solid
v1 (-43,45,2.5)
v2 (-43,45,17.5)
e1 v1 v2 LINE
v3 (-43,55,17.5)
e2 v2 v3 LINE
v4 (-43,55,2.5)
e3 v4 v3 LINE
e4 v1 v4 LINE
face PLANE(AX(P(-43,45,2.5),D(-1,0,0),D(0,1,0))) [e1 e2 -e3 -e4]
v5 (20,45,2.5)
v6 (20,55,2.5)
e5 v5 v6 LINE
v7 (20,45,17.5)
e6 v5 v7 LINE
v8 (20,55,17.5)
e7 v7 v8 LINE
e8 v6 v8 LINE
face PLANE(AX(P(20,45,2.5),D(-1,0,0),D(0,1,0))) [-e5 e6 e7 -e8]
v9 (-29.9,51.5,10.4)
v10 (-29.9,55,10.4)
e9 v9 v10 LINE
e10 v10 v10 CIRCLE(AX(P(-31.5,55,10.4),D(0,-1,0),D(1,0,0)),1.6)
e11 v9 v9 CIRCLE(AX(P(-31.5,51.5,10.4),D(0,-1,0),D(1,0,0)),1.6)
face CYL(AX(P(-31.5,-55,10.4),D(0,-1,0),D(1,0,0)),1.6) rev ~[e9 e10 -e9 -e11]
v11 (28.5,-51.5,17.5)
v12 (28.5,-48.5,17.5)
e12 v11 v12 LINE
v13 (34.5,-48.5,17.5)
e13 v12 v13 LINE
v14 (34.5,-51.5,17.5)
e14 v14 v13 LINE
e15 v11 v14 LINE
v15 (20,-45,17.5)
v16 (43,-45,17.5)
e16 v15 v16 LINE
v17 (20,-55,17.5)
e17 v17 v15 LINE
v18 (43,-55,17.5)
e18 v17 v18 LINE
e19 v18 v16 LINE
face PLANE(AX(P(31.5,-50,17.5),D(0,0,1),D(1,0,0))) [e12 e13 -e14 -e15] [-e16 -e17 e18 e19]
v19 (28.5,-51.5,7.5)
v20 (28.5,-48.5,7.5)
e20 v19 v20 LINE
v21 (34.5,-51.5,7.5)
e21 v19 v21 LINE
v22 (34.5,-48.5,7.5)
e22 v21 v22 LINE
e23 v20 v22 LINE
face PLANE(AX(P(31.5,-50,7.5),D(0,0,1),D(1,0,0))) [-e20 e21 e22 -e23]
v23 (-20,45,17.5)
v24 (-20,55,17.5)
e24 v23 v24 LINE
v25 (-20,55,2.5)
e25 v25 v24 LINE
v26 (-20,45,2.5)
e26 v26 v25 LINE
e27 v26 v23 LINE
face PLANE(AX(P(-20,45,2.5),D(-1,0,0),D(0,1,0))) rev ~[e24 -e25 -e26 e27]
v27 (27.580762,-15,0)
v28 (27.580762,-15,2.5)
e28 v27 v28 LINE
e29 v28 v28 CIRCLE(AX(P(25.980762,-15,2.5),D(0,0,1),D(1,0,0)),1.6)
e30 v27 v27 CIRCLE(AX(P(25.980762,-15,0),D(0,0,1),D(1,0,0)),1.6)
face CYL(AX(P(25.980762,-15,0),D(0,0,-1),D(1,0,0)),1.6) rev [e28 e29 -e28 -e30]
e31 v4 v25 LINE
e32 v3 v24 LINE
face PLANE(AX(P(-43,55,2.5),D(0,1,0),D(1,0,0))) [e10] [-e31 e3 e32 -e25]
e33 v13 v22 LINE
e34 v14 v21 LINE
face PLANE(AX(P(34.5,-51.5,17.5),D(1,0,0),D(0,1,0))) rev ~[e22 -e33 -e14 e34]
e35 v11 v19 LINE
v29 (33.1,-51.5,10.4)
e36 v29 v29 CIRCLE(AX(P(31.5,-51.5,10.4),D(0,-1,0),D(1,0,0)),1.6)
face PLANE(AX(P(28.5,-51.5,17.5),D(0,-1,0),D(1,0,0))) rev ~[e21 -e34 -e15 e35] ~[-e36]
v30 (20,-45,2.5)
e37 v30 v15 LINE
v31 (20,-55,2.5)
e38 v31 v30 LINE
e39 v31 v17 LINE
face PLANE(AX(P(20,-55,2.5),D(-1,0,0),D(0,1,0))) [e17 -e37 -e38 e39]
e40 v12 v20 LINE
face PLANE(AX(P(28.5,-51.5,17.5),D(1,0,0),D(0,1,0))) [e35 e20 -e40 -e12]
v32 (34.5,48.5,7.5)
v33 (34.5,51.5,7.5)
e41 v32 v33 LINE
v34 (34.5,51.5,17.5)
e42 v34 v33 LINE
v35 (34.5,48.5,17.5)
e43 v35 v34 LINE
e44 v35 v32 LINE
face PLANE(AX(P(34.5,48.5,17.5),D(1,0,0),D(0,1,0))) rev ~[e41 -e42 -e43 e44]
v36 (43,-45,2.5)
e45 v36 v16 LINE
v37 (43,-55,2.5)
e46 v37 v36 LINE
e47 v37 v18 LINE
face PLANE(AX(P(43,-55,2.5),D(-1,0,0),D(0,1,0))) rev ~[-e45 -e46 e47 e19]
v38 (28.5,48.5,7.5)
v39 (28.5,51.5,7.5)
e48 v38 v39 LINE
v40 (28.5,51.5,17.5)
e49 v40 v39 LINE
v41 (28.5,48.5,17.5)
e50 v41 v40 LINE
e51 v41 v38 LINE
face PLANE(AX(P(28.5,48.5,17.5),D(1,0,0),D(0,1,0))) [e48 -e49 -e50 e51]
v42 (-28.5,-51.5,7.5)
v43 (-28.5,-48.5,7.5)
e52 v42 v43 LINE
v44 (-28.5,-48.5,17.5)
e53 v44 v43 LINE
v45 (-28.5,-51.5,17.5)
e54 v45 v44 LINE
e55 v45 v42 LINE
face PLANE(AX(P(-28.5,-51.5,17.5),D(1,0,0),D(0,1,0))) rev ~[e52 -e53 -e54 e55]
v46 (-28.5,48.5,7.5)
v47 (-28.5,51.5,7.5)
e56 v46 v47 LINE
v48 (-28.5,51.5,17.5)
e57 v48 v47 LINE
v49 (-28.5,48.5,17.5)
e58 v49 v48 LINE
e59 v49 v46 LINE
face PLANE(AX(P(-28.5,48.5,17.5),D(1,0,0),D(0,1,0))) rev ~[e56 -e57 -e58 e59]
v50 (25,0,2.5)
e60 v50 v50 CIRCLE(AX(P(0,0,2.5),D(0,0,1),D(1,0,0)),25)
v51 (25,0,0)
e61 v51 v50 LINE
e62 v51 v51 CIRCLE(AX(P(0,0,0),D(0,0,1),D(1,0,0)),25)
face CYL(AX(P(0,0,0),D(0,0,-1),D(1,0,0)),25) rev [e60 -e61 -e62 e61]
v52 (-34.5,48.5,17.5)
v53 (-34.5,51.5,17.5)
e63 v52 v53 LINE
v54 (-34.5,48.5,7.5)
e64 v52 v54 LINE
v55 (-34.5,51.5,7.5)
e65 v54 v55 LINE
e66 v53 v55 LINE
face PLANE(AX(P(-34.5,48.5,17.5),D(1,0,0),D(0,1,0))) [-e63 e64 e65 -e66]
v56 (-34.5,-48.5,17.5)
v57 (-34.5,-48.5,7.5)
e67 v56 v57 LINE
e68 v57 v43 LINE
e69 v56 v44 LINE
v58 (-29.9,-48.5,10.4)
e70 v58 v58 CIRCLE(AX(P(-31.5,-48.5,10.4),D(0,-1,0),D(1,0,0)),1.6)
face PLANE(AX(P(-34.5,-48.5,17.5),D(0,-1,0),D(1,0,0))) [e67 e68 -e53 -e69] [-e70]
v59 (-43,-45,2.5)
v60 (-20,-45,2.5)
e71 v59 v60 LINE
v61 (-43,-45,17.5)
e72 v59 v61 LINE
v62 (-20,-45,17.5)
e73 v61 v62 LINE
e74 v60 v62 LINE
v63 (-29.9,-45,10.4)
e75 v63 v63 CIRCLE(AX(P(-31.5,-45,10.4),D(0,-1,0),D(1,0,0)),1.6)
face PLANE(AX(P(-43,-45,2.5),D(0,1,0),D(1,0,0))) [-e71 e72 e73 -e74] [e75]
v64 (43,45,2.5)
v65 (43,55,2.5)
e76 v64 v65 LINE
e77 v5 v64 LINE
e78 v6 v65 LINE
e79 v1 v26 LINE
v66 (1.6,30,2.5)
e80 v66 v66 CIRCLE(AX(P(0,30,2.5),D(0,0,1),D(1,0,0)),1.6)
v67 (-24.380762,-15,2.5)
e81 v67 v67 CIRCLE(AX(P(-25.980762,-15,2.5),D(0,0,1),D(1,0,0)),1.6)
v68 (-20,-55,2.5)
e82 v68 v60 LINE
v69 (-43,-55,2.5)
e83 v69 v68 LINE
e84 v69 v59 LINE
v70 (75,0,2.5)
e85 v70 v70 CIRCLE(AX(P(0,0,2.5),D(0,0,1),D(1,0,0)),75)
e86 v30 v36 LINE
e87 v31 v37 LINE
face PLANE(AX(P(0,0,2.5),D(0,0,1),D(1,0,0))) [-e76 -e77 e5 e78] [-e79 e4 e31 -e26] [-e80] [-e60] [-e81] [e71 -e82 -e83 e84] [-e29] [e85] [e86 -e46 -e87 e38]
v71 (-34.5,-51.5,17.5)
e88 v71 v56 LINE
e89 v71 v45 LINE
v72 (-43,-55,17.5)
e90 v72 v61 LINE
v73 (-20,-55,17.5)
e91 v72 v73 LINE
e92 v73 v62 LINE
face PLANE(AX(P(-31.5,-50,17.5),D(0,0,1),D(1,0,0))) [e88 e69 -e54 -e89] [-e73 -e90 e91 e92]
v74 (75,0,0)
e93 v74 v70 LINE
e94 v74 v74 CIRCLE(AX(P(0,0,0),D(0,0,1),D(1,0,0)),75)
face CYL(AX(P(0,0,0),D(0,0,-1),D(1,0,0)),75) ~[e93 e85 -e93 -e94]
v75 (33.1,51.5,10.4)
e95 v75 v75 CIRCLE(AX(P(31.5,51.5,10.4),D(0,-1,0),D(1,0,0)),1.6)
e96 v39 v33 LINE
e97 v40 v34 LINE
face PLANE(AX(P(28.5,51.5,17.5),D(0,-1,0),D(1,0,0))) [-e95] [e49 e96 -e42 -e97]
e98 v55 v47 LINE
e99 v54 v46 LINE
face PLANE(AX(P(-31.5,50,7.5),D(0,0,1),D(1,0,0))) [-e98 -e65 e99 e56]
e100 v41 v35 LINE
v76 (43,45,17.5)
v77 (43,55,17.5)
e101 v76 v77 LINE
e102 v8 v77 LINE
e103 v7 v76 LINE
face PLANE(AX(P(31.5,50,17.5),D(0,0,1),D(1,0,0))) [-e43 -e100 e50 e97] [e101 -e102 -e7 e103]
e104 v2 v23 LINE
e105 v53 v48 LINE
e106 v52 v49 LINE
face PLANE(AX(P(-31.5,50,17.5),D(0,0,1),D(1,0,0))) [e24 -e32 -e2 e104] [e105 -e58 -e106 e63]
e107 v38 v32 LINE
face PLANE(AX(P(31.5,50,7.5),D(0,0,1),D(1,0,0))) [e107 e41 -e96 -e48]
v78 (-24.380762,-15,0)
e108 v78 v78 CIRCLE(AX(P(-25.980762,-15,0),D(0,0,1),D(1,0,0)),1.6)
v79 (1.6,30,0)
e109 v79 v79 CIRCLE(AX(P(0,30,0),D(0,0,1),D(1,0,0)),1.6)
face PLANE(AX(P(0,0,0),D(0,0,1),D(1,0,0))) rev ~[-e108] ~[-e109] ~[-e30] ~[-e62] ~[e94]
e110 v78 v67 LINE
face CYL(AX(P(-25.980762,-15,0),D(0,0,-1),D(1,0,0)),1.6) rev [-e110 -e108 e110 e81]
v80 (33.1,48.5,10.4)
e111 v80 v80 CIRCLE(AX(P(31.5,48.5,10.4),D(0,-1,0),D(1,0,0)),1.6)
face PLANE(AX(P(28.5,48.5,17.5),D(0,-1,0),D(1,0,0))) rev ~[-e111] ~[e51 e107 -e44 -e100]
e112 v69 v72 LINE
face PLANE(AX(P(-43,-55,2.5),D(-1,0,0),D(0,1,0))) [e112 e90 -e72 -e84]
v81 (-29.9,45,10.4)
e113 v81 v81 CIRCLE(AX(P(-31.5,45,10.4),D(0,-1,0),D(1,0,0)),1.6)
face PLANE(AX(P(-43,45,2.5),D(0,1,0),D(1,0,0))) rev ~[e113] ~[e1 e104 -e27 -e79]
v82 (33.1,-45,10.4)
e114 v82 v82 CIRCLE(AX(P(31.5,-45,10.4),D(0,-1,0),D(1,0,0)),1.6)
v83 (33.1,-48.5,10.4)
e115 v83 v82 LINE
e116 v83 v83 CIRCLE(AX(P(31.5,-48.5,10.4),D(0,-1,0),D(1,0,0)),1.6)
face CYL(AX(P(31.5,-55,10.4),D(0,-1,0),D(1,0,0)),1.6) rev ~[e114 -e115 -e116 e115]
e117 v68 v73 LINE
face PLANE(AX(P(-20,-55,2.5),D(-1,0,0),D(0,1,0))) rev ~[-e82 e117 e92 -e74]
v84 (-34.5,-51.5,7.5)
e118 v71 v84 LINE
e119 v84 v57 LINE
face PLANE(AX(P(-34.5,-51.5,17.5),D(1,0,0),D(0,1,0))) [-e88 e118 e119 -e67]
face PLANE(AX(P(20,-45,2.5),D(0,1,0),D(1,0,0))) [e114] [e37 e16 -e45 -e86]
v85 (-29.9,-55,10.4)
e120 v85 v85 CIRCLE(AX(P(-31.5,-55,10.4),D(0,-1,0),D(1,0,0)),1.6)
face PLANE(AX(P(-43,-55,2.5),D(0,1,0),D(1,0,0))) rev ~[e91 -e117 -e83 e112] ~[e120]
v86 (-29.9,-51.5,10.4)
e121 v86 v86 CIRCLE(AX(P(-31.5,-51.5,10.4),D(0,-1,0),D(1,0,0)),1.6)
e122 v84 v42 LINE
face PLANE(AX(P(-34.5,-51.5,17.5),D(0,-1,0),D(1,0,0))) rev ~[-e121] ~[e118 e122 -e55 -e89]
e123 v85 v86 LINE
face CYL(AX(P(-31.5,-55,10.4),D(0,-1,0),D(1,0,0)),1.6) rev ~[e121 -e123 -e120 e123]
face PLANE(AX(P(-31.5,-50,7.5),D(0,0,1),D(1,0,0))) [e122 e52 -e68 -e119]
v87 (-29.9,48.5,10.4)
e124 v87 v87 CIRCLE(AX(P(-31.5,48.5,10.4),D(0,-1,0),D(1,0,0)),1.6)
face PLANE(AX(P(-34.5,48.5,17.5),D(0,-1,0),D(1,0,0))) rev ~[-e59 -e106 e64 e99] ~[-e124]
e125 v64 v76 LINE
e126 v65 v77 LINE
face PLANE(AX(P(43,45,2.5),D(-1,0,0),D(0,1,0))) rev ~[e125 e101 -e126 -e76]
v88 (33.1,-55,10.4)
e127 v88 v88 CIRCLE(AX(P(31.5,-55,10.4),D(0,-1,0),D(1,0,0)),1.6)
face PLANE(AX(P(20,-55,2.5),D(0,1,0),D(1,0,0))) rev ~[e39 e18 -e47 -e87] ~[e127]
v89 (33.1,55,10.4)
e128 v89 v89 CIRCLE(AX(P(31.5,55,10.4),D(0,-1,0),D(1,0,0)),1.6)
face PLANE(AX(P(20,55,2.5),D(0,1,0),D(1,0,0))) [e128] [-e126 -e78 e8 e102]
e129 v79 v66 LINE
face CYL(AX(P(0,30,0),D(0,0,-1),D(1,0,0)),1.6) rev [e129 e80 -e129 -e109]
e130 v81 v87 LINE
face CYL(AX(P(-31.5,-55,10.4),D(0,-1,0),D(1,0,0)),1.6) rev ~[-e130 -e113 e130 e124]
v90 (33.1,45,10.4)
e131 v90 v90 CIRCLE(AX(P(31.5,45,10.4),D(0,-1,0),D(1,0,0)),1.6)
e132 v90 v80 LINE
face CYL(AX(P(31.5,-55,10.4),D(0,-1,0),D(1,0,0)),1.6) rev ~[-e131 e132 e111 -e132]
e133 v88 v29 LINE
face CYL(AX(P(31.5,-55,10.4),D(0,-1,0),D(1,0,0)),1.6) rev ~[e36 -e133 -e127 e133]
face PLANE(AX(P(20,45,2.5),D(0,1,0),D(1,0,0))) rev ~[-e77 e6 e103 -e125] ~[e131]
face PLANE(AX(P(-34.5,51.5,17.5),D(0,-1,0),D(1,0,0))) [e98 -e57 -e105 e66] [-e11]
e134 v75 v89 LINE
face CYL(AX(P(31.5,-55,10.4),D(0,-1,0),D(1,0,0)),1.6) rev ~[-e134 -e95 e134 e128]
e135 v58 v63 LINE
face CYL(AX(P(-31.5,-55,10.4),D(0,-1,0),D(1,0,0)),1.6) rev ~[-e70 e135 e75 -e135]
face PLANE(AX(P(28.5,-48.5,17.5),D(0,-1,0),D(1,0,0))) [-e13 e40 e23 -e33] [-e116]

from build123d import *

# Parameters (mm, degrees)
SKETCH_R        = 75
SKETCH_R_2      = 25
SKETCH_R_3      = 1.6
PAD_DEPTH       = 2.5
SKETCH001_W     = 23
SKETCH001_H     = 10
PAD001_DEPTH    = 15
SKETCH002_R     = 1.6
POCKET_DEPTH    = 130.001
SKETCH003_W     = 6
SKETCH003_H     = 3
POCKET001_DEPTH = 10


with BuildPart() as part:
    # Sketch → Pad (new body)
    with BuildSketch(Plane.XY):
        Circle(SKETCH_R)
        Circle(SKETCH_R_2, mode=Mode.SUBTRACT)
        with Locations((0, 30)):
            Circle(SKETCH_R_3, mode=Mode.SUBTRACT)
        with Locations((-25.980762, -15)):
            Circle(SKETCH_R_3, mode=Mode.SUBTRACT)
        with Locations((25.980762, -15)):
            Circle(SKETCH_R_3, mode=Mode.SUBTRACT)
    extrude(amount=PAD_DEPTH)

    # Sketch001 → Pad001 (new body)
    with BuildSketch(Plane.XY.offset(2.5)):
        with Locations((-31.5, 50)):
            Rectangle(SKETCH001_W, SKETCH001_H)
        with Locations((31.5, 50)):
            Rectangle(SKETCH001_W, SKETCH001_H)
        with Locations((-31.5, -50)):
            Rectangle(SKETCH001_W, SKETCH001_H)
        with Locations((31.5, -50)):
            Rectangle(SKETCH001_W, SKETCH001_H)
    extrude(amount=PAD001_DEPTH)

    # Sketch002 → Pocket (cut, through all)
    with BuildSketch(Plane.XZ.offset(55)):
        with Locations((31.5, 10.4)):
            Circle(SKETCH002_R)
        with Locations((-31.5, 10.4)):
            Circle(SKETCH002_R)
    extrude(amount=-POCKET_DEPTH, mode=Mode.SUBTRACT)

    # Sketch003 → Pocket001 (cut)
    with BuildSketch(Plane.XY.offset(17.5)):
        with Locations((31.5, -50)):
            Rectangle(SKETCH003_W, SKETCH003_H)
        with Locations((-31.5, -50)):
            Rectangle(SKETCH003_W, SKETCH003_H)
        with Locations((31.5, 50)):
            Rectangle(SKETCH003_W, SKETCH003_H)
        with Locations((-31.5, 50)):
            Rectangle(SKETCH003_W, SKETCH003_H)
    extrude(amount=-POCKET001_DEPTH, mode=Mode.SUBTRACT)


solid = part.part
